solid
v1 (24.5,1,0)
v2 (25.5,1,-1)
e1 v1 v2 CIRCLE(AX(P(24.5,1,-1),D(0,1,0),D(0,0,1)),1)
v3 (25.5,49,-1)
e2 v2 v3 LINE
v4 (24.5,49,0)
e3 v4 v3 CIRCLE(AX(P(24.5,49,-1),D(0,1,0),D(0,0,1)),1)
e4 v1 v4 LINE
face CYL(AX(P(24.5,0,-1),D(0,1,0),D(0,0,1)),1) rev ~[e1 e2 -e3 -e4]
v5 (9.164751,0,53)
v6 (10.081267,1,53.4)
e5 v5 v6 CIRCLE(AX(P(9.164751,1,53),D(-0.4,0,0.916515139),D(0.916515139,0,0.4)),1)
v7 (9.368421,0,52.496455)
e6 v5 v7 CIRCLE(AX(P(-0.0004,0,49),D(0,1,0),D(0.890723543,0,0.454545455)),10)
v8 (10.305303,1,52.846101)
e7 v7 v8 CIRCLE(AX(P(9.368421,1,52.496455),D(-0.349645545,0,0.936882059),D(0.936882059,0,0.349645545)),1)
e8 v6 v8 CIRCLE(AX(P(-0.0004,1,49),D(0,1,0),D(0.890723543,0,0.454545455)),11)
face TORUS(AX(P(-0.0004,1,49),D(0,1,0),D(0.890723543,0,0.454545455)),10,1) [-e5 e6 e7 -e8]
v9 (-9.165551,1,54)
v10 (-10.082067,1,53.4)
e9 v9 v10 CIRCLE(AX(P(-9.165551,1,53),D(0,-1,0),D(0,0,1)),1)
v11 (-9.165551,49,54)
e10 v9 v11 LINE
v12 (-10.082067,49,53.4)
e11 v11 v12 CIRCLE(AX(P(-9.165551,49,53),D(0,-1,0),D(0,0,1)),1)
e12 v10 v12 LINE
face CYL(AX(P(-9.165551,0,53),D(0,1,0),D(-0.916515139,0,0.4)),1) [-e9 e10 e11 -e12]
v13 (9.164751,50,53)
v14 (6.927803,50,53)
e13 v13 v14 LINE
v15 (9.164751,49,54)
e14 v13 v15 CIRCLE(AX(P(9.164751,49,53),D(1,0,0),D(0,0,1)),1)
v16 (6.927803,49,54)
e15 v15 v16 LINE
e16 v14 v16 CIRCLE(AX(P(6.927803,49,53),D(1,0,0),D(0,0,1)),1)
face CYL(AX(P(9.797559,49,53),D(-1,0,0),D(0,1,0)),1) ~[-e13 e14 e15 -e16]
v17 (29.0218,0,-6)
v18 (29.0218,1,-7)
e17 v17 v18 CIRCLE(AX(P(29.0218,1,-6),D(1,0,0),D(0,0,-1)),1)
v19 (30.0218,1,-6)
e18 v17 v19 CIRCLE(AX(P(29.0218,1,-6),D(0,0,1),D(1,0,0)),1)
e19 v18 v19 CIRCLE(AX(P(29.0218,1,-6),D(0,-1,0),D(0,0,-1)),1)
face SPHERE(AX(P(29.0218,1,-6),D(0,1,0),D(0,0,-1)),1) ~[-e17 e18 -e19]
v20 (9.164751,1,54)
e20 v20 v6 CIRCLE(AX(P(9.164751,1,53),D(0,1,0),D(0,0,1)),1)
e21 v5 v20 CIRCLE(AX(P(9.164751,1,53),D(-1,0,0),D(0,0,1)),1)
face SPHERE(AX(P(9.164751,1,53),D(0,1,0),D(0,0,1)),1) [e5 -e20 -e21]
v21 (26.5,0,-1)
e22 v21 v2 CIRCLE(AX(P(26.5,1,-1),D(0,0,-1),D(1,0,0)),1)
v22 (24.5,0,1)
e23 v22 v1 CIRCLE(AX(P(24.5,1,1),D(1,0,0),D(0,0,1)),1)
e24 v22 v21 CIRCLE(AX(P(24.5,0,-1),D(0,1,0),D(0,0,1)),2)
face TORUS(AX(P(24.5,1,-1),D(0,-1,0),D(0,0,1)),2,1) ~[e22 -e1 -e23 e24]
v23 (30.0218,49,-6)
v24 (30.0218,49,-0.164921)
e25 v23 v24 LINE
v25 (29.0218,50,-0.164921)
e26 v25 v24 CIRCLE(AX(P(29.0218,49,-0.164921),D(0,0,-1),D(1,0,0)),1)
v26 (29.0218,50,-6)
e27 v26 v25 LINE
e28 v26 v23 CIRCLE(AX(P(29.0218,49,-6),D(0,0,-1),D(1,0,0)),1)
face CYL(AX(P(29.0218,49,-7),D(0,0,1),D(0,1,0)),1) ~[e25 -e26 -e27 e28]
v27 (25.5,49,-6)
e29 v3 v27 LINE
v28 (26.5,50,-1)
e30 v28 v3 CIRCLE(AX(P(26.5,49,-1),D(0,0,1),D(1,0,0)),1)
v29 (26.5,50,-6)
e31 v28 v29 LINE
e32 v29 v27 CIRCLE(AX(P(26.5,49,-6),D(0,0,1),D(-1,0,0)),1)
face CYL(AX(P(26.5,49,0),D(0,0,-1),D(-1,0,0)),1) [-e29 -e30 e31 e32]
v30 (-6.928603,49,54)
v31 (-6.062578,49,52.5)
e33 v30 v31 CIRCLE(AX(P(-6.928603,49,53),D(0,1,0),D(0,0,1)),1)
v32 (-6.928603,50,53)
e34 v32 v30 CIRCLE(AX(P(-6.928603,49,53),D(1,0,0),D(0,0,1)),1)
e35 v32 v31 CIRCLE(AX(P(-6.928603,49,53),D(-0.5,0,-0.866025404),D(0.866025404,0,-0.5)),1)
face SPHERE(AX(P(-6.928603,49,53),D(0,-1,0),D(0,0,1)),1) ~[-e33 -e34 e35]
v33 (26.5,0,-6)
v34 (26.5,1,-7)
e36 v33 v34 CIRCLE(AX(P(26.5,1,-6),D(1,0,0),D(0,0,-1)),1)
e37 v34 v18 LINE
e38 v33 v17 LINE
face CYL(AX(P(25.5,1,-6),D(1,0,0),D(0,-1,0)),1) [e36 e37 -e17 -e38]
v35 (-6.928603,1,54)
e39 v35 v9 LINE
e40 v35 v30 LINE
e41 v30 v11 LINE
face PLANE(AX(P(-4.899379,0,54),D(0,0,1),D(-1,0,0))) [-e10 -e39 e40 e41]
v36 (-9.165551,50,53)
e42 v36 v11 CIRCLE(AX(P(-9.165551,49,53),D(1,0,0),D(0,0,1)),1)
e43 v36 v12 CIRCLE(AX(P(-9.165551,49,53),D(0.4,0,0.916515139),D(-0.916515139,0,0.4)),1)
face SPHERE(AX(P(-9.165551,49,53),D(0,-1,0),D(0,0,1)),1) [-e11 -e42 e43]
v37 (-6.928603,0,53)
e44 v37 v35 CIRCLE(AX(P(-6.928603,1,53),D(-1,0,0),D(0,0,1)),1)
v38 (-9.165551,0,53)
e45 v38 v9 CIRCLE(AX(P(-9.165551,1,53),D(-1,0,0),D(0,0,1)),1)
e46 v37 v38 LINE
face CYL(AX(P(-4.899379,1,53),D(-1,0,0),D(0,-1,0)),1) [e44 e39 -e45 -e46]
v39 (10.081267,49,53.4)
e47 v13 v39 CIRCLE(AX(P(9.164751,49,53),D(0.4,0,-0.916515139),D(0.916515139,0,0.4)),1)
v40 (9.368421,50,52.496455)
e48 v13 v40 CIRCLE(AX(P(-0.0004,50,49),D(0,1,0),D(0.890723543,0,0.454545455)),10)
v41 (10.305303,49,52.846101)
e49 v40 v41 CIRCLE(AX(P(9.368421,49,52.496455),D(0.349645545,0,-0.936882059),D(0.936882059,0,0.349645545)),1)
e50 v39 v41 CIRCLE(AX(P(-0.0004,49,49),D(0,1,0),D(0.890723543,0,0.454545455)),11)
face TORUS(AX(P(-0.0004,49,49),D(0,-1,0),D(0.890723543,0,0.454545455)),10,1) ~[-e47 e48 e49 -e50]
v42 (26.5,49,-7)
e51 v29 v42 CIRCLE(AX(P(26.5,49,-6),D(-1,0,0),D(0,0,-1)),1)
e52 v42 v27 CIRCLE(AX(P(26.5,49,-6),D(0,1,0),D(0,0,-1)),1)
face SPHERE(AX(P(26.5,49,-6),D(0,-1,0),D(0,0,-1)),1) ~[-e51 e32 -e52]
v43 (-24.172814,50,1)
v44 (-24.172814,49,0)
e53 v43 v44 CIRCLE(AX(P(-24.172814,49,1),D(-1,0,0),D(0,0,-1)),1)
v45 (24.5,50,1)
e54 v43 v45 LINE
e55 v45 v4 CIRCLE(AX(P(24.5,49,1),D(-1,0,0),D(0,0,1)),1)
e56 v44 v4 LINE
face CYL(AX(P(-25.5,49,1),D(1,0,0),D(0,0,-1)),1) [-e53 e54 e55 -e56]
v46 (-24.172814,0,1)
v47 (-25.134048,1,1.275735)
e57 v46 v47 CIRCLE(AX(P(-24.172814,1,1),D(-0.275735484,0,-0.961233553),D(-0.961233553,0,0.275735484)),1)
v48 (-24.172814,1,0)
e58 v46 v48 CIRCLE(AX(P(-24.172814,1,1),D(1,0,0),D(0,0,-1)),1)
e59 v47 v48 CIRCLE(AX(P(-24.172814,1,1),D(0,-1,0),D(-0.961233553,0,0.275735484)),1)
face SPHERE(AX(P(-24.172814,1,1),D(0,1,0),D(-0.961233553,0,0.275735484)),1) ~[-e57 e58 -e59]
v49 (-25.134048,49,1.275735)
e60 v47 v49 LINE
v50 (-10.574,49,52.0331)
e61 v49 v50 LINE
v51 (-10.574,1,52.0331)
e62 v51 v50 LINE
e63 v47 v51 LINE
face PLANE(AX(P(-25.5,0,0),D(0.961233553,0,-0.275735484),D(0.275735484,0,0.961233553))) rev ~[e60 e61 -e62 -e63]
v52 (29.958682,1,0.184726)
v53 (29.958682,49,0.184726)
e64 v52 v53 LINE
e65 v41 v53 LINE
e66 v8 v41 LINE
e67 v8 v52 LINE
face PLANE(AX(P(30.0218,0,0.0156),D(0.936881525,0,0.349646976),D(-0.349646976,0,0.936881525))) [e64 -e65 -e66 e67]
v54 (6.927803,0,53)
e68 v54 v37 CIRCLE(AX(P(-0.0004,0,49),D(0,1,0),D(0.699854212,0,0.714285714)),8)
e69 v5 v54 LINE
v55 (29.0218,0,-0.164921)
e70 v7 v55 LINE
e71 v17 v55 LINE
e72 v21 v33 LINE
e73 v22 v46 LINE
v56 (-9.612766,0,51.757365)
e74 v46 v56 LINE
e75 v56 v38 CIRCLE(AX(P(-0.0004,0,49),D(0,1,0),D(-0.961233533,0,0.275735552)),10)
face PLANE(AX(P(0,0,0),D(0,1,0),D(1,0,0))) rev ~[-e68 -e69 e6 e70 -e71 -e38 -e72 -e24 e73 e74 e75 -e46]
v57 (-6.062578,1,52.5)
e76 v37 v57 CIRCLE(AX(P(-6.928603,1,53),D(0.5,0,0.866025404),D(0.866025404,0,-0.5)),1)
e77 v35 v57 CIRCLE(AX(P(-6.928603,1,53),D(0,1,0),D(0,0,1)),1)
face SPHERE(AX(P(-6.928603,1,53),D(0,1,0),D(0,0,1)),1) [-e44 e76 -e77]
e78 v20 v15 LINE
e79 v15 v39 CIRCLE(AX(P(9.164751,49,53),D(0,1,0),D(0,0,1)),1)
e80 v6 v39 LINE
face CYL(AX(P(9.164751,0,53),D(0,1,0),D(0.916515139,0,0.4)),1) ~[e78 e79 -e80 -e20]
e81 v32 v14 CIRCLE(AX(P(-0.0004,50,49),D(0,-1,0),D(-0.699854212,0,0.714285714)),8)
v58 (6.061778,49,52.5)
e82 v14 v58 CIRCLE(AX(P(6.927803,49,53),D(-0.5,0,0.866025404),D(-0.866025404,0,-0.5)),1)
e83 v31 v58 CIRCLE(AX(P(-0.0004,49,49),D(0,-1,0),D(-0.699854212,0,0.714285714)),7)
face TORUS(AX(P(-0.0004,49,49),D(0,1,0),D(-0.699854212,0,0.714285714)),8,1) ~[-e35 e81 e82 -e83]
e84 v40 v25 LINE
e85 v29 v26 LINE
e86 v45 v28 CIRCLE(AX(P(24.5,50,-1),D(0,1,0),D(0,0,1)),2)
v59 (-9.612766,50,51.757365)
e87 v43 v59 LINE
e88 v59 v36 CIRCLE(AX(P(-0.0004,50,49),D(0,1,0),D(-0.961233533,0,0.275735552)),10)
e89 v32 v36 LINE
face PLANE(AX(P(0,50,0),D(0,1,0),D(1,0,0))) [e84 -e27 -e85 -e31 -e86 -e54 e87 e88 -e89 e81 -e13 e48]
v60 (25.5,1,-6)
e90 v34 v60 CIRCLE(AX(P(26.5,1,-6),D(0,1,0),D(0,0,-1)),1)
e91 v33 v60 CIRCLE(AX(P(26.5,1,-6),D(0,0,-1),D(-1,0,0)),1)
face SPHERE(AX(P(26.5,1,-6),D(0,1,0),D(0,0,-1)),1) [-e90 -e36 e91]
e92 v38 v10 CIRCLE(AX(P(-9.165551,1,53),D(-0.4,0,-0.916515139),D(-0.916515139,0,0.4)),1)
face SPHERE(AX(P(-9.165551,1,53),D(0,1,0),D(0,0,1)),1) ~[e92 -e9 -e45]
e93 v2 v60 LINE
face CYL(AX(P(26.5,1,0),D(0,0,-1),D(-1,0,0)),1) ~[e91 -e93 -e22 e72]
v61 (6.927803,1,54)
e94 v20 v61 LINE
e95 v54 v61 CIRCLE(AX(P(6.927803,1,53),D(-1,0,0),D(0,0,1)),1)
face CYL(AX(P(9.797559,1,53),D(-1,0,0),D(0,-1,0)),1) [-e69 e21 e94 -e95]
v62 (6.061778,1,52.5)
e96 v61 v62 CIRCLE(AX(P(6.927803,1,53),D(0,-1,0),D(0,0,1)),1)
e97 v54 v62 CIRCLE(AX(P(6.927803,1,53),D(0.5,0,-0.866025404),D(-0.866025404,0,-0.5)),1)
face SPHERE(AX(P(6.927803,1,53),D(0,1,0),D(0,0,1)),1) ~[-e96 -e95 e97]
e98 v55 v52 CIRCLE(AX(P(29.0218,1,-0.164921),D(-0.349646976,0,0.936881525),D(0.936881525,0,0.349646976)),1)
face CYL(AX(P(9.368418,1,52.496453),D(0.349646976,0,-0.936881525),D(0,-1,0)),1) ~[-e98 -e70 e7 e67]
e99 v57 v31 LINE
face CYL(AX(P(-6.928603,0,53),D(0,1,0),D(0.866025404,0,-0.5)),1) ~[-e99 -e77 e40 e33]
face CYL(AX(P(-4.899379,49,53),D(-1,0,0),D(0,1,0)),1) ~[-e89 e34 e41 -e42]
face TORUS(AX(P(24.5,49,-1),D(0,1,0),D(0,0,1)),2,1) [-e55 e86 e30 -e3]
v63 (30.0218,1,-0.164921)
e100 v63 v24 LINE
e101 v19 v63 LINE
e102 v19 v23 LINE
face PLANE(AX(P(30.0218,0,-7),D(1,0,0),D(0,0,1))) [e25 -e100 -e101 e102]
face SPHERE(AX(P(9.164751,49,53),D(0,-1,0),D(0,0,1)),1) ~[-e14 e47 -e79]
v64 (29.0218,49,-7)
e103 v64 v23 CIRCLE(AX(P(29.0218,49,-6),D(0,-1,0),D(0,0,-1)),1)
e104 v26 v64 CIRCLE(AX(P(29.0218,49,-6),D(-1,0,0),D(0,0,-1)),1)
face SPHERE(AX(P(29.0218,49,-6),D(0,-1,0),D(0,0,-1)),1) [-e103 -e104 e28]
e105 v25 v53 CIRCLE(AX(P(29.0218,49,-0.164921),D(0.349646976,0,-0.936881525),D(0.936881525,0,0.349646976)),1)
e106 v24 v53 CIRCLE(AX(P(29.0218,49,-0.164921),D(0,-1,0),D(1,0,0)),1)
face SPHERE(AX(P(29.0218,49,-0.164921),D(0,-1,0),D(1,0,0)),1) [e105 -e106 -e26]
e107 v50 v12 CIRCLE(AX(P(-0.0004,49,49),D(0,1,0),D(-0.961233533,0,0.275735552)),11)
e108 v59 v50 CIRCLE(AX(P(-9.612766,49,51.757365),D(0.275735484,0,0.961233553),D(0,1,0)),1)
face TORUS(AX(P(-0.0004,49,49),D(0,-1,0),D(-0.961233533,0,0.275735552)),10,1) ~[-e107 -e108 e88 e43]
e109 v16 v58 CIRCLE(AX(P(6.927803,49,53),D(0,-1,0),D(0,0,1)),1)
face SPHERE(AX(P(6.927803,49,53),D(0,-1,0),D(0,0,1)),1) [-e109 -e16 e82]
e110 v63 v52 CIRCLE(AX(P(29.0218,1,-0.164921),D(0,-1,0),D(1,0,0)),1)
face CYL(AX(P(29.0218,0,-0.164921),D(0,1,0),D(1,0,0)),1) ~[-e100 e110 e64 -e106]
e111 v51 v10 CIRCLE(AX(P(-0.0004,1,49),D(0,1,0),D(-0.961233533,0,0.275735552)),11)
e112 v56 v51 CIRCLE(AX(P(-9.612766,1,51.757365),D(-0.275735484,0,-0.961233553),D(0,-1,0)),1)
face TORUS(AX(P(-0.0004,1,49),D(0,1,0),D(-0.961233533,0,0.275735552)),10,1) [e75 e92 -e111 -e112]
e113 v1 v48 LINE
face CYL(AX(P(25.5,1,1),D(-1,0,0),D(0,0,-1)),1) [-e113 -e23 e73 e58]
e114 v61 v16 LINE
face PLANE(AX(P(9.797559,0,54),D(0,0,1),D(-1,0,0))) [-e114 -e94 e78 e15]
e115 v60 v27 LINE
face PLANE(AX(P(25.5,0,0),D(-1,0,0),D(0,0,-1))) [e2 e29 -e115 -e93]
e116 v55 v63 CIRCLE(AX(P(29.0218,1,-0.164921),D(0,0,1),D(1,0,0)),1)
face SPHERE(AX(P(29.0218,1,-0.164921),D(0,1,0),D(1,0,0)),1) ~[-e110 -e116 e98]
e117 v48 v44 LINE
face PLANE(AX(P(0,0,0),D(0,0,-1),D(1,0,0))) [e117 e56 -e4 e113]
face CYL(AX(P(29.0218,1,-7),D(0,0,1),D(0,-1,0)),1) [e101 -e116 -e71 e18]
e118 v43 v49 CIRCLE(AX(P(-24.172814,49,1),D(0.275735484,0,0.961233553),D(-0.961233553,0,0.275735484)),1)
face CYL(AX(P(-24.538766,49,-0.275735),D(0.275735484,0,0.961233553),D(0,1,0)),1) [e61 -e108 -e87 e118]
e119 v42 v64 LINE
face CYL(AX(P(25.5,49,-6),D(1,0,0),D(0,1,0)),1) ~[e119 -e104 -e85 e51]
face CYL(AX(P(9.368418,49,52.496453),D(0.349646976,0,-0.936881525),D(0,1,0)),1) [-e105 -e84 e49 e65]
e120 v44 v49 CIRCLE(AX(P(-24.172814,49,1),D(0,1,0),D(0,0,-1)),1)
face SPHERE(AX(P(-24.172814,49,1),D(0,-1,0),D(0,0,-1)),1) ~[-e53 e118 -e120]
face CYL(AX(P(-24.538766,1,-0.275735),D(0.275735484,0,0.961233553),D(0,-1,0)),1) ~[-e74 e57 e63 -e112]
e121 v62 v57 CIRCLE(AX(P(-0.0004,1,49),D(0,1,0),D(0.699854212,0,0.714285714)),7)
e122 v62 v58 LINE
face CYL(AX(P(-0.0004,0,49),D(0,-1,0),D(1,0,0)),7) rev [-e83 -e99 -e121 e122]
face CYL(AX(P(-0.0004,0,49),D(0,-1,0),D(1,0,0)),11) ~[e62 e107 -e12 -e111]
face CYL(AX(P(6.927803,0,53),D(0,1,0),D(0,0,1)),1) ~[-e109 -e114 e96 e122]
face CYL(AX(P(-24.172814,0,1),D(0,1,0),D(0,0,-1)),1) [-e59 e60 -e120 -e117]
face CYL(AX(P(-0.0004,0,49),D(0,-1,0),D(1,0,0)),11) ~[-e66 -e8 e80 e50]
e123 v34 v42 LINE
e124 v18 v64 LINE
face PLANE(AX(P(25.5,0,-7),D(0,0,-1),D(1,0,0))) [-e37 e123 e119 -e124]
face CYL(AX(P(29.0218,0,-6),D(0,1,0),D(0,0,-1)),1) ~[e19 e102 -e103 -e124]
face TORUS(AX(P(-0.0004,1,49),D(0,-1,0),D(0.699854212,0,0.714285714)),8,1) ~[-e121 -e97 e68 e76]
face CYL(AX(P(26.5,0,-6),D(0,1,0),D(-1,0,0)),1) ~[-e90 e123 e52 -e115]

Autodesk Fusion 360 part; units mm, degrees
sketch "Sketch1" plane through (0, 0, 0) normal (0, 1, 0) x (1, 0, 0)
  line L0 (0, 0) -> (0, -42)
  circle A0 centre (-0.0004, -49) radius 7
  line L1 (0, 0) -> (25.5, 0)
  line L2 (0, 0) -> (-25.5, 0)
  circle A1 centre (-0.0004, -49) radius 11
  line L3 (25.5, 0) -> (25.5, 7)
  line L4 (25.5, 7) -> (30.0218, 7)
  line L5 (30.0218, 7) -> (30.0218, -0.0156)
  line L6 (30.0218, -0.0156) -> (10.3053, -52.8461)
  line L7 (-25.5, 0) -> (-10.574, -52.0331)
  line L8 (-0.0004, -49) -> (-0.0004, -54)
  line L9 (-13, -65) -> (14, -65)
  line L10 (14, -65) -> (14, -54)
  line L11 (14, -54) -> (-13, -54)
  line L12 (-13, -54) -> (-13, -65)
  dimension "d1" = 42
  dimension "d2" = 14
  dimension "d3" = 25.5
  dimension "d4" = 22
  dimension "d5" = 7
extrude "Extrude1" add sketch "Sketch1" along normal blind 50 contours L0 L1 A1 L3 L4 L5 L6 | L0 L2 A1 L7 | L0 A0 A1 L11 | L0 A0 A1 L11
fillet "Fillet1" radius 1 13 faces at (-6.5324, 16.6667, 54) (8.1645, 16.6667, 54) (8.5, 16.6667, 0) (27.0073, 16.6667, -7) (9.8604, 16.6667, 53.8748) (23.4496, 33.3333, 17.6258) (30.0218, 16.6667, -4.6615) (-9.9031, 33.3333, 53.7893) (-20.5247, 16.6667, 17.3444) (25.5, 16.6667, -2.3333) (-6.6824, 33.3333, 51.086) (-0.0001, 50, 14) (-0.0001, 0, 14)
